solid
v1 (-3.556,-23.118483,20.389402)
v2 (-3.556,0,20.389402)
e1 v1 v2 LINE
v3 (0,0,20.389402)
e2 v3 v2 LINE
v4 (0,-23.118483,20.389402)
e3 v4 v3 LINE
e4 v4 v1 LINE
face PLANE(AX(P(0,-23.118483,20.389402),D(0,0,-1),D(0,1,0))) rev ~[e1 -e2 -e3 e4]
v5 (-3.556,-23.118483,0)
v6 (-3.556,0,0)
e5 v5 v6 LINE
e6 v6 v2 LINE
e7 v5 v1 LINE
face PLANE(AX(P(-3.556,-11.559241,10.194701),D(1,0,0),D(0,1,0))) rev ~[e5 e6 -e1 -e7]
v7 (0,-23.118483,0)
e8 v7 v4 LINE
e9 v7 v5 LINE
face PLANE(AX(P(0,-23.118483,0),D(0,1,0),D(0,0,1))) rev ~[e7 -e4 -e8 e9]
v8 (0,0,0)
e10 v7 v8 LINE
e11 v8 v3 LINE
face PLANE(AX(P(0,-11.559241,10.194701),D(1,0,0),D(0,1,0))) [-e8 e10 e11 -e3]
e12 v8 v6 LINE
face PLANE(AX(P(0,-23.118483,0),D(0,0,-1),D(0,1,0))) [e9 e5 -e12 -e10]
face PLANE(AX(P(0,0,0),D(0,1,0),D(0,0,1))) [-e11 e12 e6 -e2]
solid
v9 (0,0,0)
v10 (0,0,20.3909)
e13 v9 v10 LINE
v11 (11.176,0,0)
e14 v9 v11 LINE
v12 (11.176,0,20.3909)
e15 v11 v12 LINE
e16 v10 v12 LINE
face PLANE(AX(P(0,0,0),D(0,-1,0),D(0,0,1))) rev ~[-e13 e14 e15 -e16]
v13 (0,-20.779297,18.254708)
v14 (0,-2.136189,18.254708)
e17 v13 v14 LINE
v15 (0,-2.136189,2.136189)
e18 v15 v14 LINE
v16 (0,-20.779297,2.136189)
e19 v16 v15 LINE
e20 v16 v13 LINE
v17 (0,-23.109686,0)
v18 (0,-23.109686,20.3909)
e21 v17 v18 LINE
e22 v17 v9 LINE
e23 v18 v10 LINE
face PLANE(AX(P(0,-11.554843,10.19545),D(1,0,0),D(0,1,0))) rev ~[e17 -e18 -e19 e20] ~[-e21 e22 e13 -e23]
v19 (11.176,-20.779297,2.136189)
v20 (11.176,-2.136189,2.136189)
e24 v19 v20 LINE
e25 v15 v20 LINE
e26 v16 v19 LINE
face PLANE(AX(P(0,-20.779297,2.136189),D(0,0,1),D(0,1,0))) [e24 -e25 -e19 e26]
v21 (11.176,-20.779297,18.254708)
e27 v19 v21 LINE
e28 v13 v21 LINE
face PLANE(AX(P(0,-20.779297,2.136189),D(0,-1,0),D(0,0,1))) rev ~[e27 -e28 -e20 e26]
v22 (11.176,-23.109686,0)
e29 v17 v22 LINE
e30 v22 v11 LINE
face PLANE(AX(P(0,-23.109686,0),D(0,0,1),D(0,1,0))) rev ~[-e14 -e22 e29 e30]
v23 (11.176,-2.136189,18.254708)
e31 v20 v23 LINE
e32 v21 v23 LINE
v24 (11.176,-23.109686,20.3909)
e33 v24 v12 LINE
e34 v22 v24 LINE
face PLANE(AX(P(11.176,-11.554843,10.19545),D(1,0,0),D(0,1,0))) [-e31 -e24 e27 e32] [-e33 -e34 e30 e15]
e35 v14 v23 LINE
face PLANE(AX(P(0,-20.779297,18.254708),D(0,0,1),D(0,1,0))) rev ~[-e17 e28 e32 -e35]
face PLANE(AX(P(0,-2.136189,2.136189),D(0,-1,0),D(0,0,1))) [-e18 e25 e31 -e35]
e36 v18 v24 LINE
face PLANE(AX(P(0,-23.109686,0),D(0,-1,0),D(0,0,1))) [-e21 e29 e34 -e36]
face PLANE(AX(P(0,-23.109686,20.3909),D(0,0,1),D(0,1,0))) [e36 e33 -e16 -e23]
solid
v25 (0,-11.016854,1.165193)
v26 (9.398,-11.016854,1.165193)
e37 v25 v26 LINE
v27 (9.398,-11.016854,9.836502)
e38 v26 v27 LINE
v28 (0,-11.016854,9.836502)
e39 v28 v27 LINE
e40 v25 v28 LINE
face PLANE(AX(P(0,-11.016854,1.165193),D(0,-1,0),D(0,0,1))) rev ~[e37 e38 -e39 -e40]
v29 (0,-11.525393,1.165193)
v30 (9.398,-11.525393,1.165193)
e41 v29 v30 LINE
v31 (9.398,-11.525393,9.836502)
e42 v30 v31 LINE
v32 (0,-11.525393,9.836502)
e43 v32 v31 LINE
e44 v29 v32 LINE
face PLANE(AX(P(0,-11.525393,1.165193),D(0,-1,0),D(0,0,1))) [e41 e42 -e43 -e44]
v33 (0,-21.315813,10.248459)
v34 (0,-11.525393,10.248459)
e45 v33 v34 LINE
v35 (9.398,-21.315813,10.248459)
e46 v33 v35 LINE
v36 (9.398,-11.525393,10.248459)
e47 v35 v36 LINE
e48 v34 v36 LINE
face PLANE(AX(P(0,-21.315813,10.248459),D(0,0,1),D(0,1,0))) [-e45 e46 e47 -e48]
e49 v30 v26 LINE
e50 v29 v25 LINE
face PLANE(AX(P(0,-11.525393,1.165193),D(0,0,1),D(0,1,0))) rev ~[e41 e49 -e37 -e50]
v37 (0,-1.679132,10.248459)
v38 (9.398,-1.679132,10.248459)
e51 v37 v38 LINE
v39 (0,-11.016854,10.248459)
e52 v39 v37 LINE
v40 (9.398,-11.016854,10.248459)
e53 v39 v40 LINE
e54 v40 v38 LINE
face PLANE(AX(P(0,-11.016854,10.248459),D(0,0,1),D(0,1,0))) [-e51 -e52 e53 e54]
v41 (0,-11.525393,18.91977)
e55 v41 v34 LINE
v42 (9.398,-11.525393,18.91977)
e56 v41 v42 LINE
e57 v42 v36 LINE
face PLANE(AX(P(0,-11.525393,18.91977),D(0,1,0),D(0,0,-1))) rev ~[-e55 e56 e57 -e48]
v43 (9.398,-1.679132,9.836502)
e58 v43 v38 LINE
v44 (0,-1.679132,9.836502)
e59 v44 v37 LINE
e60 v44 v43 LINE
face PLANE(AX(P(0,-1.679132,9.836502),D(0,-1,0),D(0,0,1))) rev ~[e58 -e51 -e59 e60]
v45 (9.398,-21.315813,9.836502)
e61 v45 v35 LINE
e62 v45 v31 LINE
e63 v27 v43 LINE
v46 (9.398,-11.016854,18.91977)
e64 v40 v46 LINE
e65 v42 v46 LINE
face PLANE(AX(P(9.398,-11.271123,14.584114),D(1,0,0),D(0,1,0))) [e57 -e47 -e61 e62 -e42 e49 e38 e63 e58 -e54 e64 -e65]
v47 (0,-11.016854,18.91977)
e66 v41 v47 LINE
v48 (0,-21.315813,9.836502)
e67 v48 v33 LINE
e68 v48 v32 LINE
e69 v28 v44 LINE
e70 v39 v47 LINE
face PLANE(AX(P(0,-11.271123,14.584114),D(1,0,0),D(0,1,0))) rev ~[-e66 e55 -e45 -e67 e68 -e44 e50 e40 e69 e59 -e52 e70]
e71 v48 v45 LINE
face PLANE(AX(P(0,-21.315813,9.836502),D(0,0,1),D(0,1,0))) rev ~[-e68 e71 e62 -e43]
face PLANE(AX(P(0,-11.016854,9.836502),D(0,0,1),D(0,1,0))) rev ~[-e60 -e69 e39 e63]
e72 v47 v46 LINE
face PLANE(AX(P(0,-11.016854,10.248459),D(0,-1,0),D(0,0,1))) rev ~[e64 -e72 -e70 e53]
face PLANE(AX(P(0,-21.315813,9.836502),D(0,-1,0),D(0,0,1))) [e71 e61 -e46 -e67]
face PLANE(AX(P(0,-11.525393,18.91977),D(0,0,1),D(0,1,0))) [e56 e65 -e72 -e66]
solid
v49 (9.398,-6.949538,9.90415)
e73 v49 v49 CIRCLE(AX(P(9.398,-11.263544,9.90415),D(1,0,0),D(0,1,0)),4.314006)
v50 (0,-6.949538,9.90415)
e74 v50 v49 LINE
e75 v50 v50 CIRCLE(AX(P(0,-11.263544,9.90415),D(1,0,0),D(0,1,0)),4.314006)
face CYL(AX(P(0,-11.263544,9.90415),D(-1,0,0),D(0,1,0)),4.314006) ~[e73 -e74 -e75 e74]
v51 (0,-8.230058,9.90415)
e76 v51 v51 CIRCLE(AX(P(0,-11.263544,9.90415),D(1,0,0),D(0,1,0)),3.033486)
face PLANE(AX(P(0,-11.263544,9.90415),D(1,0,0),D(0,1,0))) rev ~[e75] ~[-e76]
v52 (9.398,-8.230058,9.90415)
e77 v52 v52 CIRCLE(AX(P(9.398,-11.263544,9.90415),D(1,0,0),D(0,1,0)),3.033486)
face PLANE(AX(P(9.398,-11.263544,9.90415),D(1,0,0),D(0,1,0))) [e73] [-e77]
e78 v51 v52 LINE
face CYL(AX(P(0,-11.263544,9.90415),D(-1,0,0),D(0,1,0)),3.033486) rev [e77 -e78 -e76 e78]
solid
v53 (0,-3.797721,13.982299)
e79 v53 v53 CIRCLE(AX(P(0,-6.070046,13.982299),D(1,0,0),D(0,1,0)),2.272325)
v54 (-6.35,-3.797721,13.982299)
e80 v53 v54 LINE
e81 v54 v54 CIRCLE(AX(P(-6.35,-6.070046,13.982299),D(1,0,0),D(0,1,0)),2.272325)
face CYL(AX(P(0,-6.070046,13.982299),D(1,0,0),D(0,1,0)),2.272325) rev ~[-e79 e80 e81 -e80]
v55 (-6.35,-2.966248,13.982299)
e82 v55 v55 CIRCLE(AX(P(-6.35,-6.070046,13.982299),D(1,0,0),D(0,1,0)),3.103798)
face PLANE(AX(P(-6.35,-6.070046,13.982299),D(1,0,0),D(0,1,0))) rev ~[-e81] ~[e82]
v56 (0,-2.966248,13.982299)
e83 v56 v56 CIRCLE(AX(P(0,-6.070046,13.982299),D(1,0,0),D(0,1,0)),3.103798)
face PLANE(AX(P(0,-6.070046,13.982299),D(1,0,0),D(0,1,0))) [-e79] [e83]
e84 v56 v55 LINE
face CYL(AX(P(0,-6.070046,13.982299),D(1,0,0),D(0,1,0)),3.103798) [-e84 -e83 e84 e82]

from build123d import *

# Parameters (mm, degrees)
F0_W     = 23.1096856296
F0_H     = 20.3908998519
F0_W_2   = 18.6431074981
F0_H_2   = 16.118519241
F1_DEPTH = 11.176
F2_R     = 4.3140056634
F2_R_2   = 3.0334859744
F3_DEPTH = 9.398
F4_W     = 0.5085384473
F4_H     = 8.6713107303
F4_W_2   = 9.3377223238
F4_H_2   = 0.411956571
F4_W_3   = 9.7904205322
F4_H_3   = 8.671309799
F5_DEPTH = 9.398
F6_W     = 23.1184829026
F6_H     = 20.3894022852
F7_DEPTH = 3.556
F8_R     = 3.1037983992
F8_R_2   = 2.2723247732
F9_DEPTH = 6.35


with BuildPart() as f1:
    # F0 (on Right) → F1 (new body)
    with BuildSketch(Plane.YZ):
        with Locations((-11.5548428148, 10.195449926)):
            Rectangle(F0_W, F0_H)
        with Locations((-11.4577430068, 10.1954488782)):
            Rectangle(F0_W_2, F0_H_2, mode=Mode.SUBTRACT)
    extrude(amount=F1_DEPTH)


with BuildPart() as f3:
    # F2 (on Right) → F3 (new body)
    with BuildSketch(Plane.YZ):
        with Locations((-11.2635437399, 9.9041499197)):
            Circle(F2_R)
        with Locations((-11.2635437399, 9.9041499197)):
            Circle(F2_R_2, mode=Mode.SUBTRACT)
    extrude(amount=F3_DEPTH)


with BuildPart() as f5:
    # F4 (on Right) → F5 (new body)
    with BuildSketch(Plane.YZ):
        with Locations((-11.2711233087, 14.5841143094)):
            Rectangle(F4_W, F4_H)
        with Locations((-6.3479929231, 10.0424806587)):
            Rectangle(F4_W_2, F4_H_2)
        with Locations((-11.2711233087, 10.0424806587)):
            Rectangle(F4_W, F4_H_2)
        with Locations((-16.4206027985, 10.0424806587)):
            Rectangle(F4_W_3, F4_H_2)
        with Locations((-11.2711233087, 5.5008474737)):
            Rectangle(F4_W, F4_H_3)
    extrude(amount=F5_DEPTH)


with BuildPart() as f7:
    # F6 (on Right) → F7 (new body)
    with BuildSketch(Plane.YZ):
        with Locations((-11.5592414513, 10.1947011426)):
            Rectangle(F6_W, F6_H)
    extrude(amount=-F7_DEPTH)


with BuildPart() as f9:
    # F8 (on Right) → F9 (new body)
    with BuildSketch(Plane.YZ):
        with Locations((-6.07004622, 13.982298784)):
            Circle(F8_R)
        with Locations((-6.07004622, 13.982298784)):
            Circle(F8_R_2, mode=Mode.SUBTRACT)
    extrude(amount=-F9_DEPTH)


solid = Compound([f1.part, f3.part, f5.part, f7.part, f9.part])
